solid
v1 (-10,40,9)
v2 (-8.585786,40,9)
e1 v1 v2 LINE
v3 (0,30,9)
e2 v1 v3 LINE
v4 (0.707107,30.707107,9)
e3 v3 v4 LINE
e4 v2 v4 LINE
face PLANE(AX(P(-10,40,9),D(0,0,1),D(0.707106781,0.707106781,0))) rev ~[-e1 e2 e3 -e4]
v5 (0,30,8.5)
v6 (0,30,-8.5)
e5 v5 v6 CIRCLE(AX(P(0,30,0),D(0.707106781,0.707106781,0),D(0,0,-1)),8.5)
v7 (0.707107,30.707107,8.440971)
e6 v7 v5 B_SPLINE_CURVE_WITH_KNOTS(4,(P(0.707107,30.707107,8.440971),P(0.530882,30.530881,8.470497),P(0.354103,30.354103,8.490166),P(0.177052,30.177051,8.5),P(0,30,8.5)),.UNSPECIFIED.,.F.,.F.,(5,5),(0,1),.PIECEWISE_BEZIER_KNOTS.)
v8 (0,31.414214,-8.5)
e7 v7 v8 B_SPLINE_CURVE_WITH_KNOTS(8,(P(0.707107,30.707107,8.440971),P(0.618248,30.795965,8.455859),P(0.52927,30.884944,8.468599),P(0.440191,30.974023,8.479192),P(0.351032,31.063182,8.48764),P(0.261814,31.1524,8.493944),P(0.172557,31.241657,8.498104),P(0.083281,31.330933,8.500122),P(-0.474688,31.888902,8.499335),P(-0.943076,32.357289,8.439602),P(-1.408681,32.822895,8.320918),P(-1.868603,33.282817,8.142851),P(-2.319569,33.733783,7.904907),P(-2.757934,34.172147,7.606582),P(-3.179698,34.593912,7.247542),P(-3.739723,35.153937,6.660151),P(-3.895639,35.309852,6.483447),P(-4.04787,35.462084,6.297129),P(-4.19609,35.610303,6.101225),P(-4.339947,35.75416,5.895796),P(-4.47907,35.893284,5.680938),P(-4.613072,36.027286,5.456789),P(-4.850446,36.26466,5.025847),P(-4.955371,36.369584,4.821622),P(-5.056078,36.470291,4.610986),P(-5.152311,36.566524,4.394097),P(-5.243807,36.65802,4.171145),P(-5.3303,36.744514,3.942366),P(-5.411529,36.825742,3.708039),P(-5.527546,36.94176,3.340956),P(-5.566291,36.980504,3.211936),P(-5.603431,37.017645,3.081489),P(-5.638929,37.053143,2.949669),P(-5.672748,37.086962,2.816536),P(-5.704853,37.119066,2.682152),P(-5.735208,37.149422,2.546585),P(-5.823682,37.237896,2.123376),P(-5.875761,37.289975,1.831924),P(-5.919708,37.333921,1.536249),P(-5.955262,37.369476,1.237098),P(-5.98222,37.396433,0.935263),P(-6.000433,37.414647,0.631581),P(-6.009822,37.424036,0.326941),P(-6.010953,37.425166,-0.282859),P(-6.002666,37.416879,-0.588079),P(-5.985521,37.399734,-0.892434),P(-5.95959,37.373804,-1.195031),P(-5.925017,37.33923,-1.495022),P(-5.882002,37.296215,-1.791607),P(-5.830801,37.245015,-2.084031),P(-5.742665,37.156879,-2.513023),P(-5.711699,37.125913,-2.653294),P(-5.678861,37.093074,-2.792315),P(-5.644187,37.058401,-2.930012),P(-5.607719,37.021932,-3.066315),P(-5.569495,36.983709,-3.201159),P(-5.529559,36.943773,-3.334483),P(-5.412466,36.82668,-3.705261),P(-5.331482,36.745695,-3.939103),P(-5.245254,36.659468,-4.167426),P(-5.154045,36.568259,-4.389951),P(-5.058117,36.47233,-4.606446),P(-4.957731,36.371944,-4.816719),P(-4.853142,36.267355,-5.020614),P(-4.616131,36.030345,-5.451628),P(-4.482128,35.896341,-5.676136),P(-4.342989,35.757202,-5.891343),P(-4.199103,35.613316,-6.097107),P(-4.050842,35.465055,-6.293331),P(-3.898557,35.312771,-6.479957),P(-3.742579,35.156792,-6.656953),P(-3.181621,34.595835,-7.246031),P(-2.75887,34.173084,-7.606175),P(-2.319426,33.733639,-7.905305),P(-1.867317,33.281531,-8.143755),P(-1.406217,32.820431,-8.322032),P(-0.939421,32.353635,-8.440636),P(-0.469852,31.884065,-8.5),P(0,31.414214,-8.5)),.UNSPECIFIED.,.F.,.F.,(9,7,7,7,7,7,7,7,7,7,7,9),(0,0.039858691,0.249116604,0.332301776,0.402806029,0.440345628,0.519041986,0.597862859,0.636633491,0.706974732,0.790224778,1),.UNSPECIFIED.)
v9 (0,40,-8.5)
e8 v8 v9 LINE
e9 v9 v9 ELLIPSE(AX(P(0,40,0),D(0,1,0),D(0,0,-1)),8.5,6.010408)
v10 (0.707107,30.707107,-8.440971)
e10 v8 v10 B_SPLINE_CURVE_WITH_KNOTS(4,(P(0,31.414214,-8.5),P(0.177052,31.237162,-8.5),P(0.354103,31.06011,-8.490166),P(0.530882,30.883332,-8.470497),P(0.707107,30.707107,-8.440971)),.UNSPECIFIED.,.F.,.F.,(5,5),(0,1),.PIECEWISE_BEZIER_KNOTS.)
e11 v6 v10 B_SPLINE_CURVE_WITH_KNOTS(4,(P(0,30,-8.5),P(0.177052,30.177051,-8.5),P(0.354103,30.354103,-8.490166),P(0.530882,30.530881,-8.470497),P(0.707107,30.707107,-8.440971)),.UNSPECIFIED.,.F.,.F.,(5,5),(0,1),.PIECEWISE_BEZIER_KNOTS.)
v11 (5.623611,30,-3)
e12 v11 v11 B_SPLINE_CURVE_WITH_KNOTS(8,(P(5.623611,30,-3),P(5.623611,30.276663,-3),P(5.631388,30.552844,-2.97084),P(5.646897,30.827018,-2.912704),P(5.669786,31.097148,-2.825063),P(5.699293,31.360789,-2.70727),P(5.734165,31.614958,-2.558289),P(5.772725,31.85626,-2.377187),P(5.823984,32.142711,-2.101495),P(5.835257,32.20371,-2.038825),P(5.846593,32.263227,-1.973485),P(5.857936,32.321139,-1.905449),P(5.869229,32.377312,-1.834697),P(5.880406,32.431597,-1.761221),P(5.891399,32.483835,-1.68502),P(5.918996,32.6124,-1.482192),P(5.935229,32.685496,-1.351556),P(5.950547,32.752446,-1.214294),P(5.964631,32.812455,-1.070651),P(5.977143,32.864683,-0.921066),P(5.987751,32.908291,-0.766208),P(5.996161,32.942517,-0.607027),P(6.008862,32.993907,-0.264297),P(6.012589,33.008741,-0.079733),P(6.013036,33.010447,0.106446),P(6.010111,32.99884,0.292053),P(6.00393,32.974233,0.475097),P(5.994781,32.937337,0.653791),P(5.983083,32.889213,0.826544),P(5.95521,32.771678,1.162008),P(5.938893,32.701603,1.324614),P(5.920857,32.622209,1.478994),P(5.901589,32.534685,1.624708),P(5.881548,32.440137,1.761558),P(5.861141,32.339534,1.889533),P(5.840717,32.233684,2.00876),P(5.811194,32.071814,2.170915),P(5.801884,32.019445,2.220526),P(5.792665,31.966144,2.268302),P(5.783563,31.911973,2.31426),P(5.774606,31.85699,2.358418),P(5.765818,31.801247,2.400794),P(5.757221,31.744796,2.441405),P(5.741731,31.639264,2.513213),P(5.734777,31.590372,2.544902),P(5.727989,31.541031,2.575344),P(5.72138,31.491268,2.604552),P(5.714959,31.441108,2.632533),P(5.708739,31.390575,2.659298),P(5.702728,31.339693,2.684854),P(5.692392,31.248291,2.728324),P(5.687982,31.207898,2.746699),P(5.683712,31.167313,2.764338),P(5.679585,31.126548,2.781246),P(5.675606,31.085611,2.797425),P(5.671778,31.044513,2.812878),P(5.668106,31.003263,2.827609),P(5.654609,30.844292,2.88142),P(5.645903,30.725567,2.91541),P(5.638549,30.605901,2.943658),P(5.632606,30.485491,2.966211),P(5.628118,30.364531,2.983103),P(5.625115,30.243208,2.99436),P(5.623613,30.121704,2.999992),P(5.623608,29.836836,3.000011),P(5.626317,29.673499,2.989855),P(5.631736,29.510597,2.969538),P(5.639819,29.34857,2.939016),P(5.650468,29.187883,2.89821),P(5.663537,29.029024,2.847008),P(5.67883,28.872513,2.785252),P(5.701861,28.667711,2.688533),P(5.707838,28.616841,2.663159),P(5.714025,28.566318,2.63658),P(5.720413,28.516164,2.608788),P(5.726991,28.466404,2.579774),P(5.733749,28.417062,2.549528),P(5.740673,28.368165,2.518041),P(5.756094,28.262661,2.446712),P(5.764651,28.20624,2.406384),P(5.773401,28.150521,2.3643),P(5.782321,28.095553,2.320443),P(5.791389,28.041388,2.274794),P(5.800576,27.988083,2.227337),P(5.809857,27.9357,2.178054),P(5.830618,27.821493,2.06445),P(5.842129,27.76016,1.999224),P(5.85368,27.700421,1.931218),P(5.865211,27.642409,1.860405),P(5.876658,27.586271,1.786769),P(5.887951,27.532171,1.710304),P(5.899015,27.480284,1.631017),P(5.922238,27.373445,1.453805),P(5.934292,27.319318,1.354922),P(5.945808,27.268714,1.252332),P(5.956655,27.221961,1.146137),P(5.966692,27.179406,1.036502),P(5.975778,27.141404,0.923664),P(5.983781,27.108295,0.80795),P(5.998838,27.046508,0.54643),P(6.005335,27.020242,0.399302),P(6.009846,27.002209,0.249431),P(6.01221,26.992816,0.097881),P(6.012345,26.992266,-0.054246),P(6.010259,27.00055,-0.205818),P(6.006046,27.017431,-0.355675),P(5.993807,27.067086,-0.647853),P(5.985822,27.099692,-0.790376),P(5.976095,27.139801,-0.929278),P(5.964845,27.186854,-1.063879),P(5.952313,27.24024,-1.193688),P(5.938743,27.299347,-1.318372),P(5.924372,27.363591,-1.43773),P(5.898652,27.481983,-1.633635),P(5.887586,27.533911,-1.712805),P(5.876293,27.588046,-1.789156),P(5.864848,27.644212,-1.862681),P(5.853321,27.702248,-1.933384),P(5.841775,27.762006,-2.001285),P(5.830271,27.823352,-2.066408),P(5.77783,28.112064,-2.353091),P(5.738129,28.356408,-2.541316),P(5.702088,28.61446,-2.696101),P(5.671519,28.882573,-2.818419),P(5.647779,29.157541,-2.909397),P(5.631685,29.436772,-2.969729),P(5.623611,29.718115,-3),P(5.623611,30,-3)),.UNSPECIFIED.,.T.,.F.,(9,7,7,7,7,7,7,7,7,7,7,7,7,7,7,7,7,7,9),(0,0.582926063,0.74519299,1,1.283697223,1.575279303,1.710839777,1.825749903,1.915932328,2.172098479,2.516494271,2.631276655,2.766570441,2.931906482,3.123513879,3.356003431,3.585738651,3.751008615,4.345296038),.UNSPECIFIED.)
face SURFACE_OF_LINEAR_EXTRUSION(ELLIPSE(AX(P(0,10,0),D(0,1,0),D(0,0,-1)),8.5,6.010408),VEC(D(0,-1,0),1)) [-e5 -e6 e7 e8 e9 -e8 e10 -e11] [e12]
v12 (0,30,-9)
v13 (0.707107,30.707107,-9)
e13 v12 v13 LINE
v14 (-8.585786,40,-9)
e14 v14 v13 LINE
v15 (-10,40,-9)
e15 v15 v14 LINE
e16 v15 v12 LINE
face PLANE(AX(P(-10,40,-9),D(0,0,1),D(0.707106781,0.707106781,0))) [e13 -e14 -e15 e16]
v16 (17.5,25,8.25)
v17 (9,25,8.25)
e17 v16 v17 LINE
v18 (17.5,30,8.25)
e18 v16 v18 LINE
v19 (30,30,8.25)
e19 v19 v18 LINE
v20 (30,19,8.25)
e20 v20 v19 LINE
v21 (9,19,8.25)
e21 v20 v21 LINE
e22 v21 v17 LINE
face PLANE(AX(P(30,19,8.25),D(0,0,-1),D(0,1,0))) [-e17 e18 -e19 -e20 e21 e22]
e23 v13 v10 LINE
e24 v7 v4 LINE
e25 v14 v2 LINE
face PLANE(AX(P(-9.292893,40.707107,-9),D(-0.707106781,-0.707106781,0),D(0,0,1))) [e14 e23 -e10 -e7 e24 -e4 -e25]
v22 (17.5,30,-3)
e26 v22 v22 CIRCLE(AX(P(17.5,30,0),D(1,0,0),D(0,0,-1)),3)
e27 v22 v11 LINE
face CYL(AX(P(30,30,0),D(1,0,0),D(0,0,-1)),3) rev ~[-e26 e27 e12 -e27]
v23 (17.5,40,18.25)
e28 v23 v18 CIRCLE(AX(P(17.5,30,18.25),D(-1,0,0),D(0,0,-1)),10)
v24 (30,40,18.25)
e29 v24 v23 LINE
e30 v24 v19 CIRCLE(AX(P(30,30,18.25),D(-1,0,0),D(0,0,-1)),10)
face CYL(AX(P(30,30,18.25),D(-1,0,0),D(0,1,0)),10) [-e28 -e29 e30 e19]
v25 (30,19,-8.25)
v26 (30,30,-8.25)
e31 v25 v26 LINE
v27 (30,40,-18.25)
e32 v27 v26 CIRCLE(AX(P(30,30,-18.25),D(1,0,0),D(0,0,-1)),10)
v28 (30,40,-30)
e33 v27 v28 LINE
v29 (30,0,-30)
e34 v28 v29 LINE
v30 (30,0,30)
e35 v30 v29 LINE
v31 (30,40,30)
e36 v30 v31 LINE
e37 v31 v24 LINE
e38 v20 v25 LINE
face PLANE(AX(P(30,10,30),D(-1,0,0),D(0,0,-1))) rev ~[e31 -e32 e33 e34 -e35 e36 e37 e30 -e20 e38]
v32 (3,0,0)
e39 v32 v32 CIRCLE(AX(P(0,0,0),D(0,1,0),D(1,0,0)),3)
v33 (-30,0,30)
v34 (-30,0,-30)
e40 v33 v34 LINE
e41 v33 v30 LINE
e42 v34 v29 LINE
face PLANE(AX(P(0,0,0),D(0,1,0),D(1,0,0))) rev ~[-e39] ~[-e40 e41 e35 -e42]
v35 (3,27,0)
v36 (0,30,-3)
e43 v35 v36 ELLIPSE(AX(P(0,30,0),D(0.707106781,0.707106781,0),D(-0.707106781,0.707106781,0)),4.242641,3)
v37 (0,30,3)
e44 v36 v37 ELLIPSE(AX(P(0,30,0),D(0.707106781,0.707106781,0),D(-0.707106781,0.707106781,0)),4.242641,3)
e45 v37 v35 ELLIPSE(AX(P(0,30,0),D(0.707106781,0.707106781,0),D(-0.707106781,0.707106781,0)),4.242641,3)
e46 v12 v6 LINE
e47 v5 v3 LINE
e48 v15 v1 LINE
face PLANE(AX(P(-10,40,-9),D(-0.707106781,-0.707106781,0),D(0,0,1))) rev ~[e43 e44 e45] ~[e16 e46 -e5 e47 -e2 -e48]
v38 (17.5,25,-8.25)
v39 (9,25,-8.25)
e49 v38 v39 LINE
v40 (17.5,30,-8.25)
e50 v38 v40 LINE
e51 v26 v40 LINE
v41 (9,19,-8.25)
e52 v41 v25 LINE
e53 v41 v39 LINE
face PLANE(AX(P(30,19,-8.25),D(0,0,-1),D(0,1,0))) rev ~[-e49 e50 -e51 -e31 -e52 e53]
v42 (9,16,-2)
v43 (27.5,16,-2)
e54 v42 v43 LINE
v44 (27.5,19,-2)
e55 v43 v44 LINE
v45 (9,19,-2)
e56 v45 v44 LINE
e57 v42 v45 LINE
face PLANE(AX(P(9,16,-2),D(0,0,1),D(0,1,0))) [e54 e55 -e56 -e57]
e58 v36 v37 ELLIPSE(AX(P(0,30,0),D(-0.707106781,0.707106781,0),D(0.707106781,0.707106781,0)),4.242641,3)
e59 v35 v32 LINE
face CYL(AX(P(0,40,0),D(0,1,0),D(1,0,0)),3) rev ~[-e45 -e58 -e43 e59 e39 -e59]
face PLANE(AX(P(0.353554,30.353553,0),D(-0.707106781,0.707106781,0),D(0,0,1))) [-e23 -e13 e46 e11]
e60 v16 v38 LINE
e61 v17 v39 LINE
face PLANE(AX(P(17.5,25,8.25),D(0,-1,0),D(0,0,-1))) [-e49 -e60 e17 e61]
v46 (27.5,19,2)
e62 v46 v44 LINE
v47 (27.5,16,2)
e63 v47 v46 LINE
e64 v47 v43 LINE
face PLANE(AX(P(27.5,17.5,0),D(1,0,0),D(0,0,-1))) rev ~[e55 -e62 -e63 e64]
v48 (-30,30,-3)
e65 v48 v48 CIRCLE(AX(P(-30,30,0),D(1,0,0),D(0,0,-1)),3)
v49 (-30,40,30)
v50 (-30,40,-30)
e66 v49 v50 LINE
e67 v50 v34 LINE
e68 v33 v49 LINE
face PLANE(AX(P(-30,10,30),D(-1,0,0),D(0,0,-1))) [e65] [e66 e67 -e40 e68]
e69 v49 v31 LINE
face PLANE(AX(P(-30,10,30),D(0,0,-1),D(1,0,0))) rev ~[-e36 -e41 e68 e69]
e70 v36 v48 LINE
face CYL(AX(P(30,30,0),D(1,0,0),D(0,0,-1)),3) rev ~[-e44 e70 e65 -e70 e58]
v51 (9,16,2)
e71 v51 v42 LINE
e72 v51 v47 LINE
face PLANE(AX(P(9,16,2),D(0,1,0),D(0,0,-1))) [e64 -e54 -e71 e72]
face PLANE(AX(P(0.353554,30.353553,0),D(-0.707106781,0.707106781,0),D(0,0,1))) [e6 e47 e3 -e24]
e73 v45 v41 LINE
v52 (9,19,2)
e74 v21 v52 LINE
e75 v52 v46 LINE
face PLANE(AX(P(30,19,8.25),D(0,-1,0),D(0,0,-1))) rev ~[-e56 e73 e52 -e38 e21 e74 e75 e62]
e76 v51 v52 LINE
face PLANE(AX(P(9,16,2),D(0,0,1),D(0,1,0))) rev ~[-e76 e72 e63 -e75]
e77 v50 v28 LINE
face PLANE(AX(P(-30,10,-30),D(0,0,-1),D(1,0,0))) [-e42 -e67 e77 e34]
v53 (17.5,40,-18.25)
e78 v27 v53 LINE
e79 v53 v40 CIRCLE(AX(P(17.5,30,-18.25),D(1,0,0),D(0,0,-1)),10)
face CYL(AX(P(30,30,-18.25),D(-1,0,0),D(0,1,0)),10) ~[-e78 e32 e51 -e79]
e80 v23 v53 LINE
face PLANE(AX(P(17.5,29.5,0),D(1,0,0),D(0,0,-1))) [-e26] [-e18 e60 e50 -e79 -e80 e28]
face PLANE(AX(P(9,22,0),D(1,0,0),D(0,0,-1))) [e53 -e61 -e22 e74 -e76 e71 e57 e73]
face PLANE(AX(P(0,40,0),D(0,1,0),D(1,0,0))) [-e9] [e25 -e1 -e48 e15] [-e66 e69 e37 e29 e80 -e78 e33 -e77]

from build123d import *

# Parameters (mm, degrees)
SKETCH1_W               = 60
SKETCH1_H               = 60
BOSS_EXTRUDE1_DEPTH     = 10
SKETCH6_R               = 8.5
SKETCH7_RX              = 8.5
SKETCH7_RY              = 6.01040764
SKETCH8_W               = 60
SKETCH8_H               = 60
SKETCH8_RX              = 8.5
SKETCH8_RY              = 6.01040764
BOSS_EXTRUDE2_DEPTH     = 30
SKETCH9_R               = 3
CUT_EXTRUDE1_DEPTH      = 41
SKETCH10_R              = 3
CUT_EXTRUDE2_DEPTH      = 61
SKETCH11_W              = 16.5
SKETCH11_H              = 21
CUT_EXTRUDE3_DEPTH      = 12.5
SKETCH12_W              = 16.5
SKETCH12_H              = 6
CUT_EXTRUDE4_DEPTH      = 8.5
SKETCH13_W              = 4
SKETCH13_H              = 3
CUT_EXTRUDE5_DEPTH      = 18.5
FILLET1_R               = 10
SKETCH14_W              = 18
SKETCH14_H              = 1
CUT_EXTRUDE7_DEPTH      = 20
CUT_EXTRUDE7_DEPTH_BACK = 14.142136


with BuildPart() as part:
    # Sketch1 → Boss-Extrude1 (new body)
    with BuildSketch(Plane(origin=(0, 0, 0), x_dir=(1, 0, 0), z_dir=(0, 1, 0))):
        Rectangle(SKETCH1_W, SKETCH1_H)
    extrude(amount=BOSS_EXTRUDE1_DEPTH)

    # Sketch6 → Loft1 section 0
    with BuildSketch(Plane(origin=(15, 15, 0), x_dir=(0, 0, -1), z_dir=(0.707106781, 0.707106781, 0))):
        with Locations((0, 21.213203436)):
            Circle(SKETCH6_R)
    # Sketch7 → Loft1 section 1
    with BuildSketch(Plane(origin=(0, 10, 0), x_dir=(1, 0, 0), z_dir=(0, 1, 0))):
        with Locations(Location((0, 0), (0, 0, 90))):
            Ellipse(SKETCH7_RX, SKETCH7_RY)
    loft()

    # Sketch8 → Boss-Extrude2 (add)
    with BuildSketch(Plane(origin=(0, 10, 0), x_dir=(1, 0, 0), z_dir=(0, 1, 0))):
        Rectangle(SKETCH8_W, SKETCH8_H)
        with Locations(Location((0, 0), (0, 0, 90))):
            Ellipse(SKETCH8_RX, SKETCH8_RY, mode=Mode.SUBTRACT)
    extrude(amount=BOSS_EXTRUDE2_DEPTH)

    # Sketch9 → Cut-Extrude1 (cut, through all)
    with BuildSketch(Plane(origin=(0, 40, 0), x_dir=(1, 0, 0), z_dir=(0, 1, 0))):
        Circle(SKETCH9_R)
    extrude(amount=-CUT_EXTRUDE1_DEPTH, mode=Mode.SUBTRACT)

    # Sketch10 → Cut-Extrude2 (cut, through all)
    with BuildSketch(Plane(origin=(30, 0, 0), x_dir=(0, 0, -1), z_dir=(1, 0, 0))):
        with Locations((0, 30)):
            Circle(SKETCH10_R)
    extrude(amount=-CUT_EXTRUDE2_DEPTH, mode=Mode.SUBTRACT)

    # Sketch11 → Cut-Extrude3 (cut)
    with BuildSketch(Plane(origin=(30, 0, 0), x_dir=(0, 0, -1), z_dir=(1, 0, 0))):
        with Locations((0, 29.5)):
            Rectangle(SKETCH11_W, SKETCH11_H)
    extrude(amount=-CUT_EXTRUDE3_DEPTH, mode=Mode.SUBTRACT)

    # Sketch12 → Cut-Extrude4 (cut)
    with BuildSketch(Plane(origin=(17.5, 0, 0), x_dir=(0, 0, -1), z_dir=(1, 0, 0))):
        with Locations((0, 22)):
            Rectangle(SKETCH12_W, SKETCH12_H)
    extrude(amount=-CUT_EXTRUDE4_DEPTH, mode=Mode.SUBTRACT)

    # Sketch13 → Cut-Extrude5 (cut)
    with BuildSketch(Plane(origin=(9, 0, 0), x_dir=(0, 0, -1), z_dir=(1, 0, 0))):
        with Locations((0, 17.5)):
            Rectangle(SKETCH13_W, SKETCH13_H)
    extrude(amount=CUT_EXTRUDE5_DEPTH, mode=Mode.SUBTRACT)

    # Fillet1
    fillet1_edges = [part.edges().sort_by_distance(p)[0] for p in [
        (23.75, 40, 8.25),
        (23.75, 40, -8.25),
    ]]
    fillet(fillet1_edges, radius=FILLET1_R)

    # Sketch14 → Cut-Extrude7 (cut, two sides)
    with BuildSketch(Plane(origin=(-25, 25, 0), x_dir=(0, 0, 1), z_dir=(-0.707106781, 0.707106781, 0))) as cut_extrude7_sk:
        with Locations((0, 21.713203436)):
            Rectangle(SKETCH14_W, SKETCH14_H)
    extrude(amount=CUT_EXTRUDE7_DEPTH, mode=Mode.SUBTRACT)
    extrude(cut_extrude7_sk.sketch, amount=-CUT_EXTRUDE7_DEPTH_BACK, mode=Mode.SUBTRACT)


solid = part.part
